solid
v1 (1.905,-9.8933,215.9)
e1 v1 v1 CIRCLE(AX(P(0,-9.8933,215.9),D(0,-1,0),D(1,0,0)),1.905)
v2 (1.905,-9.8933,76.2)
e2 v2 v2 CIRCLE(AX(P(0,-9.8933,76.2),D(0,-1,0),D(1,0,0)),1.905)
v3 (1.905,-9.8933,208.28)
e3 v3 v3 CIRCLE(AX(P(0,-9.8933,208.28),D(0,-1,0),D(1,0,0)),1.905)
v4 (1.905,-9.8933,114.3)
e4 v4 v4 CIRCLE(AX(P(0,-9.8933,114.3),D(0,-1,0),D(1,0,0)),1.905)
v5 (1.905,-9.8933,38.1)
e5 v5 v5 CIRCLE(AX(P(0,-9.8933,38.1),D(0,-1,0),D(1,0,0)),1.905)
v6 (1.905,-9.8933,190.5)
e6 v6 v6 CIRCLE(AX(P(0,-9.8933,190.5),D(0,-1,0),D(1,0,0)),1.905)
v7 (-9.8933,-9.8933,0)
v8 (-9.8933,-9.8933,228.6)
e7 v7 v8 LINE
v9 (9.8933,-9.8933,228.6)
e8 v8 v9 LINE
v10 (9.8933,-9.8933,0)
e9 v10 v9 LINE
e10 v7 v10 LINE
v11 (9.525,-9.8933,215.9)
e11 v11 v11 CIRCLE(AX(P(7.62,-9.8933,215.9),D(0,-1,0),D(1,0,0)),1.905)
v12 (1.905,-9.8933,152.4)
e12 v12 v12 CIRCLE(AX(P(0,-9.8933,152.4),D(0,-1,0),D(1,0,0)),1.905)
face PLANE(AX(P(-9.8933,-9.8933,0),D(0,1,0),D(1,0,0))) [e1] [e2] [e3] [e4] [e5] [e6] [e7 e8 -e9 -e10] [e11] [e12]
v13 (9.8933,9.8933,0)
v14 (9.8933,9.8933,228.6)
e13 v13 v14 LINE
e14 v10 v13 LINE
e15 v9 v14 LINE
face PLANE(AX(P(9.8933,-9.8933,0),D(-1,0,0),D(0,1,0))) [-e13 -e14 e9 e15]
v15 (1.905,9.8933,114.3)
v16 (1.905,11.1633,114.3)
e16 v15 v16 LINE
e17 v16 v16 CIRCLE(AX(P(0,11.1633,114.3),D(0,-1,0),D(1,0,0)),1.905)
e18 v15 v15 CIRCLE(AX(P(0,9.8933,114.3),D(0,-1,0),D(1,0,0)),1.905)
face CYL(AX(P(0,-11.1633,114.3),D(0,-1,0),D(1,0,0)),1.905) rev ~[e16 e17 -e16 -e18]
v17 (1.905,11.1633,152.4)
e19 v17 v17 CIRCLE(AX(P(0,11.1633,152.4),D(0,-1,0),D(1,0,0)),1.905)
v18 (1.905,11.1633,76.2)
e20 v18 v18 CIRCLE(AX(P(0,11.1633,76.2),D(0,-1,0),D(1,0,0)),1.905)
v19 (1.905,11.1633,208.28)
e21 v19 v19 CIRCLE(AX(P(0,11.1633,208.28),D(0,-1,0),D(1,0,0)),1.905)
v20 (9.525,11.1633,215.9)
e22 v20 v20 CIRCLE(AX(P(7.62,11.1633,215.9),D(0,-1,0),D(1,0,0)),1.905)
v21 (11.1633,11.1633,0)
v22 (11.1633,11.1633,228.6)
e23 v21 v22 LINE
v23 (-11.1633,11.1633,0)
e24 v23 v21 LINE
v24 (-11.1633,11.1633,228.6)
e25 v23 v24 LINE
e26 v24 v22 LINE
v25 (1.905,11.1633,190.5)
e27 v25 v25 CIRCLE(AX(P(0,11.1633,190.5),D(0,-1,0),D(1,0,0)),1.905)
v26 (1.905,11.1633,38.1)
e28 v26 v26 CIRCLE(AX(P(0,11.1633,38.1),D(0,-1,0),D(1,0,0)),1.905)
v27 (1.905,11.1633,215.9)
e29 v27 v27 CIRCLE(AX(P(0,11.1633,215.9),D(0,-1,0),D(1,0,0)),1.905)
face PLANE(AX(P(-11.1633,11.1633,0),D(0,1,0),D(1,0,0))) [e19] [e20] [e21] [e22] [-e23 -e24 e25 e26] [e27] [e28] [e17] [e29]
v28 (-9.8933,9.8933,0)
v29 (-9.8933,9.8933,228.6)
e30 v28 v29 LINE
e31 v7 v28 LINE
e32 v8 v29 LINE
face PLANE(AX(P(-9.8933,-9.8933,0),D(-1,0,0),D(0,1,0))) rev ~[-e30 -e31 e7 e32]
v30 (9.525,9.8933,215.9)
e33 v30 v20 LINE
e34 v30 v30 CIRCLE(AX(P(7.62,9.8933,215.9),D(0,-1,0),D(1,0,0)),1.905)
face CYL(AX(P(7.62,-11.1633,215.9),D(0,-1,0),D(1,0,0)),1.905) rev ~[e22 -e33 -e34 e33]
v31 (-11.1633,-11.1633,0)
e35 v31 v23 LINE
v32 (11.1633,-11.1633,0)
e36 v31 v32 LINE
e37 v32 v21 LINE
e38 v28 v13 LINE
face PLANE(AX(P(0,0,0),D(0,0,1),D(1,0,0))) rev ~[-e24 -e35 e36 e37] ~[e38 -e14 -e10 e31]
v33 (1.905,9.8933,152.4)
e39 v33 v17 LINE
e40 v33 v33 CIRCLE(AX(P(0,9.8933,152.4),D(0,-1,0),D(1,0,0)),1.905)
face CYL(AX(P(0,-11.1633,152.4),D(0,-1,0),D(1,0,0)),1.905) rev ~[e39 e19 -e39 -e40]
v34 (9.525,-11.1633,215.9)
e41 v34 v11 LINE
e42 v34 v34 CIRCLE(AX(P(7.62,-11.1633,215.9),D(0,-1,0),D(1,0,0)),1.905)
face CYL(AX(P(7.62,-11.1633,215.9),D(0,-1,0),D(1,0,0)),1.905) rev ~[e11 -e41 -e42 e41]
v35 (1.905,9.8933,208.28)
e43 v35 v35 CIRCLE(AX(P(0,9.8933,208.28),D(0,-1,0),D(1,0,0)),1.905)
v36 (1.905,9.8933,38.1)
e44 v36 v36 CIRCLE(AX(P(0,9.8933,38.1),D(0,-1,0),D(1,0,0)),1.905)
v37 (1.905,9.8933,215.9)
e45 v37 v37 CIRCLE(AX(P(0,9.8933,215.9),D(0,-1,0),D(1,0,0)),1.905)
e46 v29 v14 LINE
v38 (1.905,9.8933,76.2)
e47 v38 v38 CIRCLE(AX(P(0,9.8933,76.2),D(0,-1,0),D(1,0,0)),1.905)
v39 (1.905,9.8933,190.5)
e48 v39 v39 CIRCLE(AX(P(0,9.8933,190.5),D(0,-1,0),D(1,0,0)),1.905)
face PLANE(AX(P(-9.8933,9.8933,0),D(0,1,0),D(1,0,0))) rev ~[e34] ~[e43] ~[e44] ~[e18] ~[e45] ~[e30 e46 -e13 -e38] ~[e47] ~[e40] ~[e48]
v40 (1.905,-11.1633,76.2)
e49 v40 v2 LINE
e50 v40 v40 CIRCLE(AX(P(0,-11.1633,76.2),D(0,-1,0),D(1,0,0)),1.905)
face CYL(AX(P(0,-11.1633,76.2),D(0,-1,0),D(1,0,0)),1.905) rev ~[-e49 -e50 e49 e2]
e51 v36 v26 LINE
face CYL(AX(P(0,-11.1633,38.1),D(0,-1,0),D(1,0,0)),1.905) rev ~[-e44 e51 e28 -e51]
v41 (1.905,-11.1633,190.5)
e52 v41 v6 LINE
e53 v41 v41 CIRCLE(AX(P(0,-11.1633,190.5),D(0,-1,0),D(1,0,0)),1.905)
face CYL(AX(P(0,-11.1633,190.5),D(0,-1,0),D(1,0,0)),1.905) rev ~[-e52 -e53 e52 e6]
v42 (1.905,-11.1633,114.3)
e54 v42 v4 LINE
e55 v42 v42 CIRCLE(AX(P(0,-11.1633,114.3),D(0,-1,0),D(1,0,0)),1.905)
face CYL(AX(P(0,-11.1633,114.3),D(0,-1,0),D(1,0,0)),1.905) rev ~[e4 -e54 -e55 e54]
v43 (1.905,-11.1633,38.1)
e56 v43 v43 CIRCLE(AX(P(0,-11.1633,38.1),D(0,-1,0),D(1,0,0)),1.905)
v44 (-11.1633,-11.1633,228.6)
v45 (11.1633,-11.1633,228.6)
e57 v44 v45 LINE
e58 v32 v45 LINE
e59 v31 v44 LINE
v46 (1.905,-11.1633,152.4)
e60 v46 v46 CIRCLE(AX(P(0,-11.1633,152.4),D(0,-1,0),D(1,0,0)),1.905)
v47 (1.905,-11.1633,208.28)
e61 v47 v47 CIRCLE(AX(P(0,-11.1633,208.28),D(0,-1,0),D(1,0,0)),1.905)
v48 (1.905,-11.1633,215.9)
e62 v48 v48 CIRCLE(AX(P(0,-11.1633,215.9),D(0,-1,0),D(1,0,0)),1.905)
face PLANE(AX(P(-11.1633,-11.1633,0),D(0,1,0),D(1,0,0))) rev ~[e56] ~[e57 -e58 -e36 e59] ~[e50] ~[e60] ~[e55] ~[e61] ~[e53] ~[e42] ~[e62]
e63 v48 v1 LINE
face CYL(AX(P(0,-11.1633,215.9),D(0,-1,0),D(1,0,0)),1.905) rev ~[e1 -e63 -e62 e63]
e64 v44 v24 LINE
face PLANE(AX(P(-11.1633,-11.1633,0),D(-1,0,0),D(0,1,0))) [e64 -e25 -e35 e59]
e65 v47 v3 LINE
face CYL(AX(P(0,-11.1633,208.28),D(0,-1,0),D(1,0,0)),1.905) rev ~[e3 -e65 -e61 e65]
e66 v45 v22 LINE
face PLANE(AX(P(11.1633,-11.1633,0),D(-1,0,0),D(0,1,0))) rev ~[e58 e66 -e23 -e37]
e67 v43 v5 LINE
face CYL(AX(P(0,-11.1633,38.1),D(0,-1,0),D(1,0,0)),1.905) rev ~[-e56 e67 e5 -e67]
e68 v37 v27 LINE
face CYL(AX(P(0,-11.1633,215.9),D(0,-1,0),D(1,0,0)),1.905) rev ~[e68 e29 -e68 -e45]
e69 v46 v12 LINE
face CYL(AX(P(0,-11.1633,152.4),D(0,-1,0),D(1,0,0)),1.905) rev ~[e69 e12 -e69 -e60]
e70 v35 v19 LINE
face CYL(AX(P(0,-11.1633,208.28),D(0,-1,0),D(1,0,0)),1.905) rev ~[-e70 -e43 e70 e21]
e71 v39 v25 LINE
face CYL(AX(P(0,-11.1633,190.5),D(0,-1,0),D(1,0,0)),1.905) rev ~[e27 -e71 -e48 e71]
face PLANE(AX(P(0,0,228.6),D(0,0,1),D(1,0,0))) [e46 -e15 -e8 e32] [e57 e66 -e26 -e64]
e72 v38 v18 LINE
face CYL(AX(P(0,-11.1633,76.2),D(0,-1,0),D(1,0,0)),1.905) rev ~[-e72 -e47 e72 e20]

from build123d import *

# Parameters (mm, degrees)
F0_W     = 22.3266
F0_H     = 22.3266
F0_W_2   = 19.7866
F0_H_2   = 19.7866
F1_DEPTH = 228.6
F2_R     = 1.905
F3_DEPTH = 22.3276
F4_R     = 1.905
F5_DEPTH = 22.3276


with BuildPart() as f1:
    # F0 (on Top) → F1 (new body)
    with BuildSketch(Plane.XY):
        Rectangle(F0_W, F0_H)
        Rectangle(F0_W_2, F0_H_2, mode=Mode.SUBTRACT)
    extrude(amount=F1_DEPTH)

    # F2 (on face) → F3 (cut, through all)
    with BuildSketch(Plane.XZ.offset(11.1633)):
        with Locations((0, 38.1)):
            Circle(F2_R)
        with Locations((0, 76.2)):
            Circle(F2_R)
        with Locations((0, 114.3)):
            Circle(F2_R)
        with Locations((0, 152.4)):
            Circle(F2_R)
        with Locations((0, 190.5)):
            Circle(F2_R)
    extrude(amount=-F3_DEPTH, mode=Mode.SUBTRACT)

    # F4 (on face) → F5 (cut, through all)
    with BuildSketch(Plane.XZ.offset(11.1633)):
        with Locations((0, 215.9)):
            Circle(F4_R)
        with Locations((7.62, 215.9)):
            Circle(F4_R)
        with Locations((0, 208.28)):
            Circle(F4_R)
    extrude(amount=-F5_DEPTH, mode=Mode.SUBTRACT)


solid = f1.part
